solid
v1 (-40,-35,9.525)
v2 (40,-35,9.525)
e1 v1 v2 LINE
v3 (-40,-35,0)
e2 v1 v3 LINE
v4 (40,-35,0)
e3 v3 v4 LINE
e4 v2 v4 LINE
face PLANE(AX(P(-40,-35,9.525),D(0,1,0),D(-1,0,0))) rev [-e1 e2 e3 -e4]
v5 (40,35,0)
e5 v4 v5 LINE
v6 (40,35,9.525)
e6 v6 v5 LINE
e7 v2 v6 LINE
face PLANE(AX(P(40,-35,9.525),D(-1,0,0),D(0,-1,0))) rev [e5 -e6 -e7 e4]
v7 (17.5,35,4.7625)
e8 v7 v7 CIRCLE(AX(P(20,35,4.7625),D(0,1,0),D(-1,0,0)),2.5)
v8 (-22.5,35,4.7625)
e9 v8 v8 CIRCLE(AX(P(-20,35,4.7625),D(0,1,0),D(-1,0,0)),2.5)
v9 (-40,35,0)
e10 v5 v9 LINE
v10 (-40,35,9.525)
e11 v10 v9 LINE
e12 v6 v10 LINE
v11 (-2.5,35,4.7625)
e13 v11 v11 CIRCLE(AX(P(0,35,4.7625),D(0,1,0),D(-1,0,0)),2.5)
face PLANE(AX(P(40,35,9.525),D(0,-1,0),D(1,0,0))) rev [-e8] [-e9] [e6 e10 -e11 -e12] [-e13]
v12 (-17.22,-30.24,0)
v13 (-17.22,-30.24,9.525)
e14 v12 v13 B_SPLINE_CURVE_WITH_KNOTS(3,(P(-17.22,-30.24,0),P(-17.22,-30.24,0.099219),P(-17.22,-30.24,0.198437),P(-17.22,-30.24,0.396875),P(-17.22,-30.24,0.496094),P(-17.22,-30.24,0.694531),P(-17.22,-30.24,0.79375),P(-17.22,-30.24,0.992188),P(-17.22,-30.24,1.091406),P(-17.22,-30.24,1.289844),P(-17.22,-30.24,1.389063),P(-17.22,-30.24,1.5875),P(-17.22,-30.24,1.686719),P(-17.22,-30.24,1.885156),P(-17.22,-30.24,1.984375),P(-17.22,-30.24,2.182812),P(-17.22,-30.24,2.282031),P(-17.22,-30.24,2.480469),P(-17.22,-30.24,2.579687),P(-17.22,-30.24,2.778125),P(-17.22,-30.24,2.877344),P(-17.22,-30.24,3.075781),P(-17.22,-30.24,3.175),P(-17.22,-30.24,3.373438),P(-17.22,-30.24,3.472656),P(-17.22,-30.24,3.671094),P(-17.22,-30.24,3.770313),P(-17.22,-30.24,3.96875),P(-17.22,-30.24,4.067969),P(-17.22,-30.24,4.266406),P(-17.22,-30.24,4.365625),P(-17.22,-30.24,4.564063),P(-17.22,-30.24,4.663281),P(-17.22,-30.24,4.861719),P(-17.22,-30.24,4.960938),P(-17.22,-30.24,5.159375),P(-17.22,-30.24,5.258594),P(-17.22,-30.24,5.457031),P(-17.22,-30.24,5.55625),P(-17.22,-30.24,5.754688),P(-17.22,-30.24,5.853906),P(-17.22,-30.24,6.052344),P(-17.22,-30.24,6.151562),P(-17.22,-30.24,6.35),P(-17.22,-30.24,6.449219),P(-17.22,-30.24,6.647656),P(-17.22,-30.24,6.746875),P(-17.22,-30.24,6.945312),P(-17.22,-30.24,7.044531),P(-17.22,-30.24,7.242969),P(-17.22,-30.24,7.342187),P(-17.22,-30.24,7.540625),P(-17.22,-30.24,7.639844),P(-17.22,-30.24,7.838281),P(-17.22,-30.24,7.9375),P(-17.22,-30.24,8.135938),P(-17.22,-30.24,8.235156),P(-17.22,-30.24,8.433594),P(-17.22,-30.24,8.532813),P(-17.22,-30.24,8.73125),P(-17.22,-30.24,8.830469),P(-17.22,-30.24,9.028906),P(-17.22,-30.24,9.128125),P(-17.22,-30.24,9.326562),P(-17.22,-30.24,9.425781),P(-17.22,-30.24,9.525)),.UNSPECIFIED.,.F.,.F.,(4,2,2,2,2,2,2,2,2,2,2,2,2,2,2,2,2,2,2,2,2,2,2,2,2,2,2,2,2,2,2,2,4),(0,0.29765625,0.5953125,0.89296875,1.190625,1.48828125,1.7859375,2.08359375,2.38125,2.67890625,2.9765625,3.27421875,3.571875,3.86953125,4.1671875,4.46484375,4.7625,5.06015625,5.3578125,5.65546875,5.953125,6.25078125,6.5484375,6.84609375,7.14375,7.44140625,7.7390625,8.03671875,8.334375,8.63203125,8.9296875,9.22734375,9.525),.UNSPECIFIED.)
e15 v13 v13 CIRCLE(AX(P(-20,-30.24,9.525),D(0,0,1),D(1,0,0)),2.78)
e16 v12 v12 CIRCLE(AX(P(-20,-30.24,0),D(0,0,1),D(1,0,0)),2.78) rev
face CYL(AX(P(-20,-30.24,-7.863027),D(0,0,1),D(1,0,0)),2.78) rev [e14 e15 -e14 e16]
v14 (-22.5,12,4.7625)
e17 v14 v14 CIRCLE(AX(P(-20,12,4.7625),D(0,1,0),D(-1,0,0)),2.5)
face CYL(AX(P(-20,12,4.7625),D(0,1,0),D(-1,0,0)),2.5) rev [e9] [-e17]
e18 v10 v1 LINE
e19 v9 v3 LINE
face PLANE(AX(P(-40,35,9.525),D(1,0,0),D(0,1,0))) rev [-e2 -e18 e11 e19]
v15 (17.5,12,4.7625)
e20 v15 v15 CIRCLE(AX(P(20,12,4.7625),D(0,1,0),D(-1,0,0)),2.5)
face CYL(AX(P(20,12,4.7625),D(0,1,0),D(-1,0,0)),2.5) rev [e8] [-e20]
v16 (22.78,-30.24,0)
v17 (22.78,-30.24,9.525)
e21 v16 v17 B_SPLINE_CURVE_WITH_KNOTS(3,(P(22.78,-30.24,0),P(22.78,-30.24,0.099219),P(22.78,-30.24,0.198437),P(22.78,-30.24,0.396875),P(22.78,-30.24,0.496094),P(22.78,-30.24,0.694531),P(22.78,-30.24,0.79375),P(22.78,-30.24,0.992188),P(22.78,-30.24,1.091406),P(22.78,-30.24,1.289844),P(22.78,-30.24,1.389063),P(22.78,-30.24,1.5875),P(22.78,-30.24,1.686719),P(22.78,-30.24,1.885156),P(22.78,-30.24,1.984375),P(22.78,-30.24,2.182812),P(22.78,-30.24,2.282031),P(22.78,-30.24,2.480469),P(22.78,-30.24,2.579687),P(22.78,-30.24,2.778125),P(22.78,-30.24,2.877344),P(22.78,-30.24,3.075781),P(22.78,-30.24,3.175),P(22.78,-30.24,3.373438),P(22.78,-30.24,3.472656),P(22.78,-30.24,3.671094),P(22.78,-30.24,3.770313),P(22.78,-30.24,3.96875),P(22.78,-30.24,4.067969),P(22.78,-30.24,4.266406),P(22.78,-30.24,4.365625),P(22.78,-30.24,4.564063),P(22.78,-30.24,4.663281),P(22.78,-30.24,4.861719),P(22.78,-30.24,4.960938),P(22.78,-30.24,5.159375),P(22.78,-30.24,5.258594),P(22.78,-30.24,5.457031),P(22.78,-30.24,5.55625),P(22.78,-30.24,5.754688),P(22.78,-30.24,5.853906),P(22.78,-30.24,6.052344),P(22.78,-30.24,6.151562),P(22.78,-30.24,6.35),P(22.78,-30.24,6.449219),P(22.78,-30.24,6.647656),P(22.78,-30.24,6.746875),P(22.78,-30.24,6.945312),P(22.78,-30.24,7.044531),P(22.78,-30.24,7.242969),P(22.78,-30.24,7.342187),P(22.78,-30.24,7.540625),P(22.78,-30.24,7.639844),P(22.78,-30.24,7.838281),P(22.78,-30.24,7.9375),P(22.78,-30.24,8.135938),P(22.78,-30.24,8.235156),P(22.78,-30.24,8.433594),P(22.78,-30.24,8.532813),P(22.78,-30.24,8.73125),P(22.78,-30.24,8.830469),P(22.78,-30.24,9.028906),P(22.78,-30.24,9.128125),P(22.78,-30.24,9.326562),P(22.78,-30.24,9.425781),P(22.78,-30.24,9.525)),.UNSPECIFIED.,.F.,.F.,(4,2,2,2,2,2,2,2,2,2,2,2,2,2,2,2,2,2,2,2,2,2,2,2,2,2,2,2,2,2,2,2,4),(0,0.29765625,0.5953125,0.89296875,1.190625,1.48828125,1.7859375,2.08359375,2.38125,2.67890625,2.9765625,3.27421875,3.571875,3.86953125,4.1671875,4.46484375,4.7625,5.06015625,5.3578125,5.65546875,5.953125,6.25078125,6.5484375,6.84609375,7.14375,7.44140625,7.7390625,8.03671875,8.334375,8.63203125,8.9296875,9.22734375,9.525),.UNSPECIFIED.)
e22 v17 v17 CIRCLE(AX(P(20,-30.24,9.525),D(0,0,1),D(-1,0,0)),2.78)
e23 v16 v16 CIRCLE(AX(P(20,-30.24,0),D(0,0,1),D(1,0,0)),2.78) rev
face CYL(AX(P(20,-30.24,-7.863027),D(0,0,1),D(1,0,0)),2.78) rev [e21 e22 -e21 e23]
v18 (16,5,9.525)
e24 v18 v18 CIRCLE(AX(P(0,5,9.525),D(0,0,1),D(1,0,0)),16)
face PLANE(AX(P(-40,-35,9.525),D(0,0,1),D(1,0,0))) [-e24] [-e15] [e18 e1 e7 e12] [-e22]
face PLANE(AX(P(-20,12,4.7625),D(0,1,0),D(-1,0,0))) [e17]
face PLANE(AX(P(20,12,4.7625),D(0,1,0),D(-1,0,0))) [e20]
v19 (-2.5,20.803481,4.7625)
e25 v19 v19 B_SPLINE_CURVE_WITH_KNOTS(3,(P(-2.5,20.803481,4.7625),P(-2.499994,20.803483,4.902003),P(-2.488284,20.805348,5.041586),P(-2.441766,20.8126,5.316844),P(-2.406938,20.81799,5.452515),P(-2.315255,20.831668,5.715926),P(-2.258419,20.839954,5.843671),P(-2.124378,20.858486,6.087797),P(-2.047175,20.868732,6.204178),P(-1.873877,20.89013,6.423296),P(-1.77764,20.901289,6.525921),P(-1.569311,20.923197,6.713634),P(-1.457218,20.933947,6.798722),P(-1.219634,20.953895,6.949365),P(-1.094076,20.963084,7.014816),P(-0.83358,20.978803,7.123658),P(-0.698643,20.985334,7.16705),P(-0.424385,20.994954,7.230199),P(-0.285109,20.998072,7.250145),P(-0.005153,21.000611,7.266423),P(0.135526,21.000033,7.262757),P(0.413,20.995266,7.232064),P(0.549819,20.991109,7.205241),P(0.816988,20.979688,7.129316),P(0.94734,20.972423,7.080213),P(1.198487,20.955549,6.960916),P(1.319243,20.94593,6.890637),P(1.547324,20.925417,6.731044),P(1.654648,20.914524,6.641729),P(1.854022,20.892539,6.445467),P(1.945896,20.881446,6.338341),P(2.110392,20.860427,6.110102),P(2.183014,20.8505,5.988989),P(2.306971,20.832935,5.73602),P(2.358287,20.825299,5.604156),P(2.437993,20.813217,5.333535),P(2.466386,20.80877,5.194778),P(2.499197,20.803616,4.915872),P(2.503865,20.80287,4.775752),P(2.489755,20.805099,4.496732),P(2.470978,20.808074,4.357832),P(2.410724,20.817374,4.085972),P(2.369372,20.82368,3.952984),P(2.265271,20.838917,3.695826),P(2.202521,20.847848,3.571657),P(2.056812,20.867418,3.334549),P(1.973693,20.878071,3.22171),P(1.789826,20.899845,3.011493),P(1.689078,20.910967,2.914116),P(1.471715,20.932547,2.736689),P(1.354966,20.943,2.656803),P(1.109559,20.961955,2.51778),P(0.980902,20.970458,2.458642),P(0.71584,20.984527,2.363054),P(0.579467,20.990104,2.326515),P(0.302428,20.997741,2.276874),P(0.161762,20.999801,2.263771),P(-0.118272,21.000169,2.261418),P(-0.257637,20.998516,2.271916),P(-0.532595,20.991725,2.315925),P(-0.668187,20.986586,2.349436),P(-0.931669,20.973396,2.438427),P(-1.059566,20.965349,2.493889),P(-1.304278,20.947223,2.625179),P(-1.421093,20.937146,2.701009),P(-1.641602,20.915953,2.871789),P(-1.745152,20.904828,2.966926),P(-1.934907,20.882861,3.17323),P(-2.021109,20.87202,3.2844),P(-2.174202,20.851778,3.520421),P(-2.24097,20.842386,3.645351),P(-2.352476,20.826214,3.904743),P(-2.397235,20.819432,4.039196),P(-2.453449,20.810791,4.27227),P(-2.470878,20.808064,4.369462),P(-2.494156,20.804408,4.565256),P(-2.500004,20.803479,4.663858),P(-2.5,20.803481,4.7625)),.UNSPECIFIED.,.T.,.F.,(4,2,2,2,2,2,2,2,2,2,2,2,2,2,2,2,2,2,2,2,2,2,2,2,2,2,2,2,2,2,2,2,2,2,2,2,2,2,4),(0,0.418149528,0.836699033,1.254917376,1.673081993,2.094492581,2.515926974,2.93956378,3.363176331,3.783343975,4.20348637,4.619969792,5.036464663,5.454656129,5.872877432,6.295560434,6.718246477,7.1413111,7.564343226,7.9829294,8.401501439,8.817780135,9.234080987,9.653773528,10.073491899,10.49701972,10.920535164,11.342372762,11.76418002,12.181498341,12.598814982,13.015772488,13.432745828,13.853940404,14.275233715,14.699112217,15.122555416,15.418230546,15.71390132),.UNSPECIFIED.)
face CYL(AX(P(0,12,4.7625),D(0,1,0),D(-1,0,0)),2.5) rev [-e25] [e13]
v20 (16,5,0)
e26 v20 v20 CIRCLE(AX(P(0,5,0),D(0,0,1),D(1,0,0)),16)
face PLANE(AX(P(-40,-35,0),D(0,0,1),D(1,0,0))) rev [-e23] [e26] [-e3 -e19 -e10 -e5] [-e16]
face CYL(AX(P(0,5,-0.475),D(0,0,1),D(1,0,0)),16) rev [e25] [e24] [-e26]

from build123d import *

# Parameters (mm, degrees)
ESBO_O1_W                = 80
ESBO_O1_H                = 70
RESSALTO_EXTRUS_O1_DEPTH = 9.525
ESBO_O2_R                = 16
CORTE_EXTRUS_O1_DEPTH    = 10
ESBO_O4_R                = 2.5
CORTE_EXTRUS_O3_DEPTH    = 23
ESBO_O5_R                = 2.78
CORTE_EXTRUS_O4_DEPTH    = 9.525


with BuildPart() as part:
    # Esboço1 → Ressalto-extrusão1 (new body)
    with BuildSketch(Plane.XY):
        Rectangle(ESBO_O1_W, ESBO_O1_H)
    extrude(amount=RESSALTO_EXTRUS_O1_DEPTH)

    # Esboço2 → Corte-extrusão1 (cut)
    with BuildSketch(Plane.XY.offset(9.525)):
        with Locations((0, 5)):
            Circle(ESBO_O2_R)
    extrude(amount=-CORTE_EXTRUS_O1_DEPTH, mode=Mode.SUBTRACT)

    # Esboço4 → Corte-extrusão3 (cut)
    with BuildSketch(Plane(origin=(0, 35, 0), x_dir=(1, 0, 0), z_dir=(0, 1, 0))):
        with Locations(Location((20, -4.7625, 0), (0, 0, 180))):
            Circle(ESBO_O4_R)
        with Locations(Location((0, -4.7625, 0), (0, 0, 180))):
            Circle(ESBO_O4_R)
        with Locations(Location((-20, -4.7625, 0), (0, 0, 180))):
            Circle(ESBO_O4_R)
    extrude(amount=-CORTE_EXTRUS_O3_DEPTH, mode=Mode.SUBTRACT)

    # Esboço5 → Corte-extrusão4 (cut)
    with BuildSketch(Plane.XY.offset(9.525)):
        with Locations((-20, -30.24)):
            Circle(ESBO_O5_R)
        with Locations((20, -30.24)):
            Circle(ESBO_O5_R)
    extrude(amount=-CORTE_EXTRUS_O4_DEPTH, mode=Mode.SUBTRACT)


solid = part.part
